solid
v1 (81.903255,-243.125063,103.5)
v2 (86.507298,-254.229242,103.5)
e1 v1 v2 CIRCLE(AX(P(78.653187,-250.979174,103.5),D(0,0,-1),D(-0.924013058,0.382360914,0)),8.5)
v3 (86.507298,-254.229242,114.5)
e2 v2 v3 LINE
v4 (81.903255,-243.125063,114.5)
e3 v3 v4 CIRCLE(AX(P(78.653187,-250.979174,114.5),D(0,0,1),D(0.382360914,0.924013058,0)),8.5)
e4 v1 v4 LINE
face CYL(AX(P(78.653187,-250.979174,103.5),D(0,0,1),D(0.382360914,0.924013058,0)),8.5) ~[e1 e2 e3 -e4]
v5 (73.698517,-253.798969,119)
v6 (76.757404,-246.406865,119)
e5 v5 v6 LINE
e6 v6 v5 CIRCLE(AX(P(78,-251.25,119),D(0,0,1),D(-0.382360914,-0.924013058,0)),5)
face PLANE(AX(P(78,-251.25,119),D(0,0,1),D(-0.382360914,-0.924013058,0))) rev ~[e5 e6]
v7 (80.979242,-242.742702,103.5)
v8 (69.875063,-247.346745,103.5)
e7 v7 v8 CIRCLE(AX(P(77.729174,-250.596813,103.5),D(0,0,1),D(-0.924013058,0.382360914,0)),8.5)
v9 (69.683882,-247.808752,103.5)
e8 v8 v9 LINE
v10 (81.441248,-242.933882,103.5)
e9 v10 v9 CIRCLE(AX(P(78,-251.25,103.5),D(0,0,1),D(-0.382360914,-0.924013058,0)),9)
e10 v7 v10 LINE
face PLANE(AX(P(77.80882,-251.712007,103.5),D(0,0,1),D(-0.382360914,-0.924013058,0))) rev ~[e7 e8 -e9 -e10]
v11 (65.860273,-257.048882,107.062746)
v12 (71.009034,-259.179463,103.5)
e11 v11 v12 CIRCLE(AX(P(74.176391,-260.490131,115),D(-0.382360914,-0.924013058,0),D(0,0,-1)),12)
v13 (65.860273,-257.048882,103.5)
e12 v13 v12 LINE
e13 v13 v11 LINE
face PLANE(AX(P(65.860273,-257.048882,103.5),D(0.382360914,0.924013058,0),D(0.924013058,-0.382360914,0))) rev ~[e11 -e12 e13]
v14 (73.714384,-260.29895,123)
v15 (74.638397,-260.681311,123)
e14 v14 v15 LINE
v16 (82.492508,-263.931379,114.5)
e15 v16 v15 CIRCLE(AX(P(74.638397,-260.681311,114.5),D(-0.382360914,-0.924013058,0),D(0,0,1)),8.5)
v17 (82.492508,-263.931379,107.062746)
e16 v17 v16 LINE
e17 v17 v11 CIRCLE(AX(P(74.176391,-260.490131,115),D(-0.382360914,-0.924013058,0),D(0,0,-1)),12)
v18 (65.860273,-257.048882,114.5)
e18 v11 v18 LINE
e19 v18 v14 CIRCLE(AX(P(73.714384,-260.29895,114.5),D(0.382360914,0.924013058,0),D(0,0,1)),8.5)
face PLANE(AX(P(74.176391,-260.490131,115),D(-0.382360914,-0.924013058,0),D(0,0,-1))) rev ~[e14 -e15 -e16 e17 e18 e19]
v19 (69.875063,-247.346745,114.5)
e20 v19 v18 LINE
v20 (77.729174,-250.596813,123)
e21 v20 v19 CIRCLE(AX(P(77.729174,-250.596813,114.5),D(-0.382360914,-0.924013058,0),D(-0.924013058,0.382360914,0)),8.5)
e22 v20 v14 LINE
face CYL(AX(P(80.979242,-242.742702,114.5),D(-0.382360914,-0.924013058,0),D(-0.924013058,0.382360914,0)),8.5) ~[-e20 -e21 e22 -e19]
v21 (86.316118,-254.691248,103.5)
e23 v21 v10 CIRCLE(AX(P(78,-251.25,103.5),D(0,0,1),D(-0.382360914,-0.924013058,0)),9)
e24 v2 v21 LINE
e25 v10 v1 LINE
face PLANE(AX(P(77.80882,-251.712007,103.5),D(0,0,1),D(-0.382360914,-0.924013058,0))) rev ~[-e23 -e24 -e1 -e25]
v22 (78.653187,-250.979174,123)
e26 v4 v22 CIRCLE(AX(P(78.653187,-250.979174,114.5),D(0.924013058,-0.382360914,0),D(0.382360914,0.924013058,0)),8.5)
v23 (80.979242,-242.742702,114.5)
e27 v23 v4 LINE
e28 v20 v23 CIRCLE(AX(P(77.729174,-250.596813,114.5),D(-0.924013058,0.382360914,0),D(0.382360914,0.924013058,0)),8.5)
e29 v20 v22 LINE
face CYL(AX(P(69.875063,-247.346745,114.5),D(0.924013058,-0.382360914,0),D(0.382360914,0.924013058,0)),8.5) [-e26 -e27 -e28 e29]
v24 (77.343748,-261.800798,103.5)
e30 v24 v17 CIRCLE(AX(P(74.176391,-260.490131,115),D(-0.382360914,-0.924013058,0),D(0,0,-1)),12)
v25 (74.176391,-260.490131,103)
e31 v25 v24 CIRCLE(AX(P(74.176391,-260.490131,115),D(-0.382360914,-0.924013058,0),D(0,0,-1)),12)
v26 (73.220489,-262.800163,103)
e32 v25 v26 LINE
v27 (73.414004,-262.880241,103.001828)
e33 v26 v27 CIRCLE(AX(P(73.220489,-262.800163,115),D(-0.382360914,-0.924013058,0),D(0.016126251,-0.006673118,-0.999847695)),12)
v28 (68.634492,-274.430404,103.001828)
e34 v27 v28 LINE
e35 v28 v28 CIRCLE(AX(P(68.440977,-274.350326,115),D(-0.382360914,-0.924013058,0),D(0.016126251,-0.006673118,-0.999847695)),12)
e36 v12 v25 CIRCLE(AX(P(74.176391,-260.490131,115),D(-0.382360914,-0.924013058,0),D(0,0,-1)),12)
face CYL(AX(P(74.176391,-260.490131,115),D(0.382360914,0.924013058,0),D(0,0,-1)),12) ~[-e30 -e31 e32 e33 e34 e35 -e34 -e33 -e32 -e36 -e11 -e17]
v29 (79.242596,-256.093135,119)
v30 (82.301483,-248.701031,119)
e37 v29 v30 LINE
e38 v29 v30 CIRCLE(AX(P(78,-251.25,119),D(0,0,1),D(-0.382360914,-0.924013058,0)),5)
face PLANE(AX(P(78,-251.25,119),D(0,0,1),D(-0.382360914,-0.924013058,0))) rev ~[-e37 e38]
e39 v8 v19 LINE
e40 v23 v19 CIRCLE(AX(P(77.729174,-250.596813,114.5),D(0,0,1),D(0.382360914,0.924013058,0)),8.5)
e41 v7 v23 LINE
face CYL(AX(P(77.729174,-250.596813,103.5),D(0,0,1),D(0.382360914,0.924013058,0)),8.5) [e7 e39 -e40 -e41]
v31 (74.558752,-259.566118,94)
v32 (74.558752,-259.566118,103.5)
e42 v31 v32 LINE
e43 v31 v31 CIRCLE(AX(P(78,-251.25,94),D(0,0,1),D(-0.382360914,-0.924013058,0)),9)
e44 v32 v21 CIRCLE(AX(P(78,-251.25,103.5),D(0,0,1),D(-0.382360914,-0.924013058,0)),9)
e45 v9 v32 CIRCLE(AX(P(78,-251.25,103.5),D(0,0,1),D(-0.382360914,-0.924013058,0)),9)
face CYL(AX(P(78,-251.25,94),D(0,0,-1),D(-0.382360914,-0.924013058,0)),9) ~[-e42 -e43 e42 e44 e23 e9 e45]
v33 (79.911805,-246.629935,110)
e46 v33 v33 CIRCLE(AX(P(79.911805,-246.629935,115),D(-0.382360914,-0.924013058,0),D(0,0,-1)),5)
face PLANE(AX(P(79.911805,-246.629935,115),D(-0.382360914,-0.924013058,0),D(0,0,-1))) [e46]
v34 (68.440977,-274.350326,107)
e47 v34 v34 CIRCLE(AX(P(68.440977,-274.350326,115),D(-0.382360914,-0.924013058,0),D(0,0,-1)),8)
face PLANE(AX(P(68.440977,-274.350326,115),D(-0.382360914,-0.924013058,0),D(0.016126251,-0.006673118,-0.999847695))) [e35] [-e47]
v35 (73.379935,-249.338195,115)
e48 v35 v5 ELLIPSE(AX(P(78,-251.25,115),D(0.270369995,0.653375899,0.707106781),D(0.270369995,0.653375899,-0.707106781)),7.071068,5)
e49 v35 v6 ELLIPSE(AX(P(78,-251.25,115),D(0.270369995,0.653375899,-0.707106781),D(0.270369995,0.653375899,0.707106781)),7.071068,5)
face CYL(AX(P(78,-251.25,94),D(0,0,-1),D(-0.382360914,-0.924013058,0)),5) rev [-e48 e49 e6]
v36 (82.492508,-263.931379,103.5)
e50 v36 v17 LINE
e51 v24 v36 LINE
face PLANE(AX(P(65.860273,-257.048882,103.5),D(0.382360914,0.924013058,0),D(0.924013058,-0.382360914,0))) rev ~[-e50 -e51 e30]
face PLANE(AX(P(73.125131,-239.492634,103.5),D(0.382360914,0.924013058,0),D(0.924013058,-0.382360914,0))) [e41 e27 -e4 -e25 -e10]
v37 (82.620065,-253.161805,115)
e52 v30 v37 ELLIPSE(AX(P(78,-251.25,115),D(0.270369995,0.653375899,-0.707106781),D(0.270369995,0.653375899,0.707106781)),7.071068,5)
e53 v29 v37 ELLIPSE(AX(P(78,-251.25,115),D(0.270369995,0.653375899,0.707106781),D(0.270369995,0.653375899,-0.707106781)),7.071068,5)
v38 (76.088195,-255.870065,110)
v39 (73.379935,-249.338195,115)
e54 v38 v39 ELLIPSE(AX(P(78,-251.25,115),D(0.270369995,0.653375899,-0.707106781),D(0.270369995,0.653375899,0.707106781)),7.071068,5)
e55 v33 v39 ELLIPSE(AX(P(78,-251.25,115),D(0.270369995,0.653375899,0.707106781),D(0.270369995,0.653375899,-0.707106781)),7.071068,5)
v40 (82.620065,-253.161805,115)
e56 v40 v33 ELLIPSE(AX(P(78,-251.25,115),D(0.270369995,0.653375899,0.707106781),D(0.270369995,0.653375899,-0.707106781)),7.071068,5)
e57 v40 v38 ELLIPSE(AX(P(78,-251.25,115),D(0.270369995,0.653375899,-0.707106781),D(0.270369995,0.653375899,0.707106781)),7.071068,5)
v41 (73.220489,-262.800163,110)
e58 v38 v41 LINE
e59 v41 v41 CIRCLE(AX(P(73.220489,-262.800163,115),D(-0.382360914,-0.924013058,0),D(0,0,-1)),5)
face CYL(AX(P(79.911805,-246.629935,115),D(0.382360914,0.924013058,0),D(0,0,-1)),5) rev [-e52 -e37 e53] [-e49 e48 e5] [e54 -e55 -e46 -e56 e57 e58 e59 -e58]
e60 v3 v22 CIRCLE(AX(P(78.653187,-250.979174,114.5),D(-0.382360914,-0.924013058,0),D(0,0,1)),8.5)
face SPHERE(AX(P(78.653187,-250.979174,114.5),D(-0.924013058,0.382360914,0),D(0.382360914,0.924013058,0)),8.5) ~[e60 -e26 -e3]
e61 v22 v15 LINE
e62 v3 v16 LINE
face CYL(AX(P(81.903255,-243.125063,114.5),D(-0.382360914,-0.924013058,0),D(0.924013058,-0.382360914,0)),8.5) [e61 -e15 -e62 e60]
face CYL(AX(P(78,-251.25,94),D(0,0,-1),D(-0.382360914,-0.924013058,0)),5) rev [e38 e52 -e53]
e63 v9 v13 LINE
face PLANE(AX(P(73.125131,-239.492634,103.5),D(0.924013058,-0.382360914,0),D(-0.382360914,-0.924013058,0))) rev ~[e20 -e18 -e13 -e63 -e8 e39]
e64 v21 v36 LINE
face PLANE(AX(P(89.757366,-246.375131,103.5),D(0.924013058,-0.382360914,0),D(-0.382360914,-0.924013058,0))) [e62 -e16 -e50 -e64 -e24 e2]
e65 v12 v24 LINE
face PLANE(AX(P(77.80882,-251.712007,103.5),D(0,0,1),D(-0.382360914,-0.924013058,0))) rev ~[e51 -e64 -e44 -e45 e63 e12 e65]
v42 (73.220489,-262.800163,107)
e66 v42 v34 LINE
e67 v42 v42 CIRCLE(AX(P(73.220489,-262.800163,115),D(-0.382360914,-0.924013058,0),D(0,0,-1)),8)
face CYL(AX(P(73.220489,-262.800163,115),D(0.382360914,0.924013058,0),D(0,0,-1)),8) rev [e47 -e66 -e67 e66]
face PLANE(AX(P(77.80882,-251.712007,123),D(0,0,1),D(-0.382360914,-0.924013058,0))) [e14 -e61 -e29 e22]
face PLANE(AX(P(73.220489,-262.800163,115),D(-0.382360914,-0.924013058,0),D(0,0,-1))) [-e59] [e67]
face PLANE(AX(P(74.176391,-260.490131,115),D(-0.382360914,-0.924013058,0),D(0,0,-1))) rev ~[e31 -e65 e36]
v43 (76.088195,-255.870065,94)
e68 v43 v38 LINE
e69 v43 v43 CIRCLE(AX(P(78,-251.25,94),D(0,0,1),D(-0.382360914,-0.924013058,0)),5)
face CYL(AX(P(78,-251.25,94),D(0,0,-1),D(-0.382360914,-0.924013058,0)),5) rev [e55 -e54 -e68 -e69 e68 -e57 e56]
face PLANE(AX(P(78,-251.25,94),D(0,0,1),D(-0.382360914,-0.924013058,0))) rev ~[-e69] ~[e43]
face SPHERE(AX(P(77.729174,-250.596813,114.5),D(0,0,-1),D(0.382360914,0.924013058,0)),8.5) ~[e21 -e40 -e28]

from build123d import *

# Parameters (mm, degrees)
CYLINDER021_R               = 5
CYLINDER021_DEPTH           = 25
CYLINDER022_R               = 5
CYLINDER022_DEPTH           = 15
CYLINDER020_R               = 9
CYLINDER020_DEPTH           = 9.5
BOX007_W                    = 19
BOX007_H                    = 18
BOX007_DEPTH                = 19.5
FILLET_R                    = 8.5
CYLINDER024_R               = 5
CYLINDER024_DEPTH           = 2.5
CYLINDER019_R               = 12
CYLINDER019_DEPTH           = 2.5
CYLINDER027_R               = 8
CYLINDER027_DEPTH           = 12.5
CYLINDER026_R               = 12
CYLINDER026_DEPTH           = 12.5
CYLINDER026_PLACEMENT_ANGLE = 1
FUSION025_PLACEMENT_ANGLE   = 90
FUSION032_PLACEMENT_ANGLE   = 112.48


with BuildPart() as tc_bottom_hole:
    # Cylinder021 → Cylinder021 (new body)
    with BuildSketch(Plane.XY):
        Circle(CYLINDER021_R)
    extrude(amount=CYLINDER021_DEPTH)


with BuildPart() as tc_holes:
    # Cylinder022 → Cylinder022 (new body)
    with BuildSketch(Plane(origin=(-5, 0, 21), x_dir=(0, 0, -1), z_dir=(1, 0, 0))):
        Circle(CYLINDER022_R)
    extrude(amount=CYLINDER022_DEPTH)

    # Fusion016: union TC-Bottom-Hole
    add(tc_bottom_hole.part)


with BuildPart() as tc_bottom:
    # Cylinder020 → Cylinder020 (new body)
    with BuildSketch(Plane.XY):
        Circle(CYLINDER020_R)
    extrude(amount=CYLINDER020_DEPTH)


with BuildPart() as turnablecorner002:
    # Box007 → Box007 (new body)
    with BuildSketch(Plane(origin=(-9, -9, 9.5), x_dir=(1, 0, 0), z_dir=(0, 0, 1))):
        with Locations((9.5, 9)):
            Rectangle(BOX007_W, BOX007_H)
    extrude(amount=BOX007_DEPTH)

    # Fillet
    fillet_edges = [turnablecorner002.edges().sort_by_distance(p)[0] for p in [
        (-9, -9, 19.25),
        (-9, 0, 29),
        (-9, 9, 19.25),
        (0.5, -9, 29),
        (0.5, 9, 29),
    ]]
    fillet(fillet_edges, radius=FILLET_R)

    # Fusion018: union TC-Bottom
    add(tc_bottom.part)

    # Cut013: cut TC-Holes
    add(tc_holes.part, mode=Mode.SUBTRACT)


with BuildPart() as largeplughole:
    # Cylinder024 → Cylinder024 (new body)
    with BuildSketch(Plane.XY):
        Circle(CYLINDER024_R)
    extrude(amount=CYLINDER024_DEPTH)


with BuildPart() as largeplugbase001:
    # Cylinder019 → Cylinder019 (new body)
    with BuildSketch(Plane.XY):
        Circle(CYLINDER019_R)
    extrude(amount=CYLINDER019_DEPTH)

    # Cut008: cut LargePlugHole
    add(largeplughole.part, mode=Mode.SUBTRACT)


with BuildPart() as largeplugwallhole:
    # Cylinder027 → Cylinder027 (new body)
    with BuildSketch(Plane.XY.offset(2.5)):
        Circle(CYLINDER027_R)
    extrude(amount=CYLINDER027_DEPTH)


with BuildPart() as gpu1_in_adapter:
    # Cylinder026 → Cylinder026 (new body)
    with BuildSketch(Plane.XY):
        Circle(CYLINDER026_R)
    extrude(amount=CYLINDER026_DEPTH)


with BuildPart() as gpu1_in_adapter_1:
    # Cylinder026 placement: moved
    add(gpu1_in_adapter.part.moved(Location((0, 0, 2.5))).rotate(Axis((0, 0, 2.5), (0, 0, 1)), CYLINDER026_PLACEMENT_ANGLE))

    # Cut007: cut LargePlugWallHole
    add(largeplugwallhole.part, mode=Mode.SUBTRACT)

    # Fusion025: union LargePlugBase001
    add(largeplugbase001.part)


with BuildPart() as gpu1_in_adapter_2:
    # Fusion025 placement: moved
    add(gpu1_in_adapter_1.part.moved(Location((10, 0, 21))).rotate(Axis((10, 0, 21), (0, 1, 0)), FUSION025_PLACEMENT_ANGLE))

    # Fusion032: union TurnableCorner002
    add(turnablecorner002.part)


with BuildPart() as gpu1_in_adapter_3:
    # Fusion032 placement: moved
    add(gpu1_in_adapter_2.part.moved(Location((78, -251.25, 94))).rotate(Axis((78, -251.25, 94), (0, 0, -1)), FUSION032_PLACEMENT_ANGLE))


solid = gpu1_in_adapter_3.part
